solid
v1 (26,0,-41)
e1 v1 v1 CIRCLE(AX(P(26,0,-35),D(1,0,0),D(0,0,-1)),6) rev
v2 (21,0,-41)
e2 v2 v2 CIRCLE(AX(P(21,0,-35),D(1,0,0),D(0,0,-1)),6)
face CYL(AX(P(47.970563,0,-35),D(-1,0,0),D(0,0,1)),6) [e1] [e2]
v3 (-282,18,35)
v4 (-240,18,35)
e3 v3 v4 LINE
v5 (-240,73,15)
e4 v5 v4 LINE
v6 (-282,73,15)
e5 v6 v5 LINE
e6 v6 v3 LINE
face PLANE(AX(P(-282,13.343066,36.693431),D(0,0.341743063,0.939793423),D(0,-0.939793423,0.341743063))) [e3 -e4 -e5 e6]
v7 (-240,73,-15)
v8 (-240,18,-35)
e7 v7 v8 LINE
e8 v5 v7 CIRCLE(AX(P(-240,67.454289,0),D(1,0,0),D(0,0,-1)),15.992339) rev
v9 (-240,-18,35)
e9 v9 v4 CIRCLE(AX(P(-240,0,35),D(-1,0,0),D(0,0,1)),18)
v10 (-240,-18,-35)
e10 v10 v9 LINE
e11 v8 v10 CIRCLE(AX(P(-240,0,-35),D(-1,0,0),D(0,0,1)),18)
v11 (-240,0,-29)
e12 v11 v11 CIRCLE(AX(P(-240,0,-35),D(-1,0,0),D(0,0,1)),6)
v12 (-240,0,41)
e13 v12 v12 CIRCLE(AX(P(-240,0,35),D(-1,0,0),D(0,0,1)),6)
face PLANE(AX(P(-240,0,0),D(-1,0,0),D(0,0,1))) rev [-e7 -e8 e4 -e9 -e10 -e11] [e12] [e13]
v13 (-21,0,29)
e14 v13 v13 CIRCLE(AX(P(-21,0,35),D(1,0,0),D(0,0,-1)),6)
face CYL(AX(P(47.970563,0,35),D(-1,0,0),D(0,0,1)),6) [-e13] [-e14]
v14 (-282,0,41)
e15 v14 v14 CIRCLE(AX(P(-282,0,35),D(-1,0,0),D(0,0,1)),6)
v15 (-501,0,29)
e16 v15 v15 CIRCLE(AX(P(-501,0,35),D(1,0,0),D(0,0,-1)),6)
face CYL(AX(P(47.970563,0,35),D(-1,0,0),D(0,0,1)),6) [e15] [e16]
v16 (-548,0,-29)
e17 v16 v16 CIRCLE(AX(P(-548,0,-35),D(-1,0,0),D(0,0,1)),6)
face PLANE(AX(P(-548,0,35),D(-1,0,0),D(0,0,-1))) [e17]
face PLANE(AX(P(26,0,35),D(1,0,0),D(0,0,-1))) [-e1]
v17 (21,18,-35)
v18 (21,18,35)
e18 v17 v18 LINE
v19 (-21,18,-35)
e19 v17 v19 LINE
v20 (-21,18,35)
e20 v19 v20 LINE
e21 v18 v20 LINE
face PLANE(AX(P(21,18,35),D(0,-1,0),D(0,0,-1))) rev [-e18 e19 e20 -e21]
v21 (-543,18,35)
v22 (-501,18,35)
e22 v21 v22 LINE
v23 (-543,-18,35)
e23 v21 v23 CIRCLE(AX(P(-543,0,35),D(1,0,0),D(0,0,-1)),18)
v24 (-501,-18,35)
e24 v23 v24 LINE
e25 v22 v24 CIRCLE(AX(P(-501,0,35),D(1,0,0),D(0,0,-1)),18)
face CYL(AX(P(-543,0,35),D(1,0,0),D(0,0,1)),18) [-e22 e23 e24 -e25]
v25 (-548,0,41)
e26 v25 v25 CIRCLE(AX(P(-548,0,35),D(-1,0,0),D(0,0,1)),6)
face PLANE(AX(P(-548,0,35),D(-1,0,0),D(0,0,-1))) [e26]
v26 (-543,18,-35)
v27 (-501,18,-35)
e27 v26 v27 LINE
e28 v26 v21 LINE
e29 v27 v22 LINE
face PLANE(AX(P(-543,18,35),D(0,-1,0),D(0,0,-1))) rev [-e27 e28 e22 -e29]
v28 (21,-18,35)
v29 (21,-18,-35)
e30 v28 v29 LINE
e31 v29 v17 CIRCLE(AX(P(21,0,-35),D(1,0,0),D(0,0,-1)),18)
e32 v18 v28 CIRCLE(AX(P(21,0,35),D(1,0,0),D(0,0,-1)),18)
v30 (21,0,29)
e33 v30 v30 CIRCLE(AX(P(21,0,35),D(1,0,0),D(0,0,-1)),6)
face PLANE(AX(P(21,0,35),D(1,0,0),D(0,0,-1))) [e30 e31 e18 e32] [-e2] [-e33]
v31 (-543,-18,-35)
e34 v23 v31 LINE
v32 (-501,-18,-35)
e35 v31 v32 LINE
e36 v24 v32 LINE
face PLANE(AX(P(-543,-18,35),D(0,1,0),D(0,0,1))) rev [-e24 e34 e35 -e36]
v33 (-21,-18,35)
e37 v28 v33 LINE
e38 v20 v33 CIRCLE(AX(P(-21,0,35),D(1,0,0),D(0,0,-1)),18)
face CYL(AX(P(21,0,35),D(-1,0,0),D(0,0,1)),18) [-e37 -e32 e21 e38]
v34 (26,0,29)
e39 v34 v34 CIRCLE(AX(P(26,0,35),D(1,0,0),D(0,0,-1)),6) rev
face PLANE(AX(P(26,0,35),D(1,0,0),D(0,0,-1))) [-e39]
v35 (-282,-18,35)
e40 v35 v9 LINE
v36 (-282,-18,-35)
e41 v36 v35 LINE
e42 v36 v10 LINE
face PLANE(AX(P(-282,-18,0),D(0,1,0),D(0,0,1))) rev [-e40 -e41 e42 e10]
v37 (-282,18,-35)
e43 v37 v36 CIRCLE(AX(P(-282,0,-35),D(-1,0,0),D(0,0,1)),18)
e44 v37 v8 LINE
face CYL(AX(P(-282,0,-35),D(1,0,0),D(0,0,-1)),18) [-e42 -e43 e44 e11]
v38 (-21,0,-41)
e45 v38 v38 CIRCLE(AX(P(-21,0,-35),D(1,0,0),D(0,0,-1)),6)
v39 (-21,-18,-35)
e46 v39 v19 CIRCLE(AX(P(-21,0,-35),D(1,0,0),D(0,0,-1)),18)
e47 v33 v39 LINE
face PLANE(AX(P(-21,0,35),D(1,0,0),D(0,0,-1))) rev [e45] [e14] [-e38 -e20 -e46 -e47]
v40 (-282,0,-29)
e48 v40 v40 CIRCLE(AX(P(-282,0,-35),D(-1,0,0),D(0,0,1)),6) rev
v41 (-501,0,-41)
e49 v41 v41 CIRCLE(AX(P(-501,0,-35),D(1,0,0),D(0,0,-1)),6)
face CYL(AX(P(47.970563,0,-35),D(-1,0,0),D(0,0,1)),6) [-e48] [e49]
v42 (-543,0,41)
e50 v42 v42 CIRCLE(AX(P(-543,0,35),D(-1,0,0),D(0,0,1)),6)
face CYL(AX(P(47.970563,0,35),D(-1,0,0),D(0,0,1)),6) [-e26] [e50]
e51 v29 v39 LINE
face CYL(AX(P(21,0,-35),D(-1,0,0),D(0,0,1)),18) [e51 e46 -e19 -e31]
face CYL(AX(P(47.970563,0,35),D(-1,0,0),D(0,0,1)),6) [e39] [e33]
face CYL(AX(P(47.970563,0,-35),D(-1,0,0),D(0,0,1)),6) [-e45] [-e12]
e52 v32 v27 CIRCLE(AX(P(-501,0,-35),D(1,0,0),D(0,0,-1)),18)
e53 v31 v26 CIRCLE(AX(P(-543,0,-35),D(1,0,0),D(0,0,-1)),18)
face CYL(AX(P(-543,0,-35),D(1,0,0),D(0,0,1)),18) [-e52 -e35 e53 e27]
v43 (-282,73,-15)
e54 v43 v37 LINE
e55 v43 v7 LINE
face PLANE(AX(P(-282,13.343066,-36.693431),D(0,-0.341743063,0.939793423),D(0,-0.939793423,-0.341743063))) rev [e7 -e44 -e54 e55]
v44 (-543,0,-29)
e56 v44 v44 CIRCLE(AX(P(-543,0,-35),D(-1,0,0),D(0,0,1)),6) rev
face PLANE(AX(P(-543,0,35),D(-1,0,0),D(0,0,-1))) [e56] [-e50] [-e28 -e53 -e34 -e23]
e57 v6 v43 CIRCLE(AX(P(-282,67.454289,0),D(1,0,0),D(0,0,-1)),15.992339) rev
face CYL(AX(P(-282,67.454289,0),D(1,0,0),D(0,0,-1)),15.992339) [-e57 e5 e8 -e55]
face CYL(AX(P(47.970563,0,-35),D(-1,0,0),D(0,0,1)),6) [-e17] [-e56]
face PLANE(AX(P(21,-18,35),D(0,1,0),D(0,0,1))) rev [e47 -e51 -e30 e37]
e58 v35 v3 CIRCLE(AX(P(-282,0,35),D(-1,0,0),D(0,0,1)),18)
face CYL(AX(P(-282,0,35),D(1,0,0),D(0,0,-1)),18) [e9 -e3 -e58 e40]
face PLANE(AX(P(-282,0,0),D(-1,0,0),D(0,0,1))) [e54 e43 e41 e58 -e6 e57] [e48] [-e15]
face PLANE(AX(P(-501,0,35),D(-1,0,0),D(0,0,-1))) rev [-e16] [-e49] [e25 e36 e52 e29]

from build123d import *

# Parameters (mm, degrees)
IZIM1_R                          = 6
Y_KSEKLIK_EKSTR_ZYON1_DEPTH      = 21
IZIM2_R                          = 6
Y_KSEKLIK_EKSTR_ZYON2_DEPTH      = 21
IZIM3_R                          = 6
Y_KSEKLIK_EKSTR_ZYON3_DEPTH      = 287
Y_KSEKLIK_EKSTR_ZYON3_DEPTH_BACK = 287
Y_KSEKLIK_EKSTR_ZYON4_DEPTH      = 42


with BuildPart() as part:
    # Çizim1 → Yükseklik-Ekstrüzyon1 (new body, symmetric)
    with BuildSketch(Plane(origin=(0, 0, 0), x_dir=(0, 0, -1), z_dir=(1, 0, 0))):
        with BuildLine():
            Line((-35, 18), (35, 18))
            ThreePointArc((35, 18), (53, 0), (35, -18))
            Line((35, -18), (-35, -18))
            ThreePointArc((-35, -18), (-53, 0), (-35, 18))
        make_face()
        with Locations((-35, 0)):
            Circle(IZIM1_R, mode=Mode.SUBTRACT)
        with Locations((35, 0)):
            Circle(IZIM1_R, mode=Mode.SUBTRACT)
    extrude(amount=Y_KSEKLIK_EKSTR_ZYON1_DEPTH, both=True)


with BuildPart() as body_2:
    # Çizim2 → Yükseklik-Ekstrüzyon2 (new body, symmetric)
    with BuildSketch(Plane.ZY.offset(261)):
        with BuildLine():
            Line((15, 73), (-15, 73))
            Line((-15, 73), (-35, 18))
            ThreePointArc((-35, 18), (-53, 0), (-35, -18))
            Line((-35, -18), (35, -18))
            ThreePointArc((35, -18), (53, 0), (35, 18))
            Line((35, 18), (15, 73))
        make_face()
        with Locations((35, 0)):
            Circle(IZIM2_R, mode=Mode.SUBTRACT)
        with Locations((-35, 0)):
            Circle(IZIM2_R, mode=Mode.SUBTRACT)
    extrude(amount=Y_KSEKLIK_EKSTR_ZYON2_DEPTH, both=True)


with BuildPart() as body_3:
    # Aynalama1: mirrored copy
    add(part.part.mirror(Plane.ZY.offset(261)))


with BuildPart() as part_1:
    add(part.part)

    add(body_2.part)  # Yükseklik-Ekstrüzyon3 merges body 2

    add(body_3.part)  # Yükseklik-Ekstrüzyon3 merges body 3
    # Çizim3 → Yükseklik-Ekstrüzyon3 (add, two sides)
    with BuildSketch(Plane.ZY.offset(261)) as y_kseklik_ekstr_zyon3_sk:
        with Locations((-35, 0)):
            Circle(IZIM3_R)
        with Locations((35, 0)):
            Circle(IZIM3_R)
    extrude(amount=Y_KSEKLIK_EKSTR_ZYON3_DEPTH)
    extrude(y_kseklik_ekstr_zyon3_sk.sketch, amount=-Y_KSEKLIK_EKSTR_ZYON3_DEPTH_BACK)

    # Çizim4 → Yükseklik-Ekstrüzyon4 (add)
    with BuildSketch(Plane(origin=(-240, 0, 0), x_dir=(0, 0, -1), z_dir=(1, 0, 0))):
        with BuildLine():
            ThreePointArc((-15, 73), (0, 83.446627943), (15, 73))
            Line((15, 73), (-15, 73))
        make_face()
    extrude(amount=-Y_KSEKLIK_EKSTR_ZYON4_DEPTH)


solid = part_1.part
